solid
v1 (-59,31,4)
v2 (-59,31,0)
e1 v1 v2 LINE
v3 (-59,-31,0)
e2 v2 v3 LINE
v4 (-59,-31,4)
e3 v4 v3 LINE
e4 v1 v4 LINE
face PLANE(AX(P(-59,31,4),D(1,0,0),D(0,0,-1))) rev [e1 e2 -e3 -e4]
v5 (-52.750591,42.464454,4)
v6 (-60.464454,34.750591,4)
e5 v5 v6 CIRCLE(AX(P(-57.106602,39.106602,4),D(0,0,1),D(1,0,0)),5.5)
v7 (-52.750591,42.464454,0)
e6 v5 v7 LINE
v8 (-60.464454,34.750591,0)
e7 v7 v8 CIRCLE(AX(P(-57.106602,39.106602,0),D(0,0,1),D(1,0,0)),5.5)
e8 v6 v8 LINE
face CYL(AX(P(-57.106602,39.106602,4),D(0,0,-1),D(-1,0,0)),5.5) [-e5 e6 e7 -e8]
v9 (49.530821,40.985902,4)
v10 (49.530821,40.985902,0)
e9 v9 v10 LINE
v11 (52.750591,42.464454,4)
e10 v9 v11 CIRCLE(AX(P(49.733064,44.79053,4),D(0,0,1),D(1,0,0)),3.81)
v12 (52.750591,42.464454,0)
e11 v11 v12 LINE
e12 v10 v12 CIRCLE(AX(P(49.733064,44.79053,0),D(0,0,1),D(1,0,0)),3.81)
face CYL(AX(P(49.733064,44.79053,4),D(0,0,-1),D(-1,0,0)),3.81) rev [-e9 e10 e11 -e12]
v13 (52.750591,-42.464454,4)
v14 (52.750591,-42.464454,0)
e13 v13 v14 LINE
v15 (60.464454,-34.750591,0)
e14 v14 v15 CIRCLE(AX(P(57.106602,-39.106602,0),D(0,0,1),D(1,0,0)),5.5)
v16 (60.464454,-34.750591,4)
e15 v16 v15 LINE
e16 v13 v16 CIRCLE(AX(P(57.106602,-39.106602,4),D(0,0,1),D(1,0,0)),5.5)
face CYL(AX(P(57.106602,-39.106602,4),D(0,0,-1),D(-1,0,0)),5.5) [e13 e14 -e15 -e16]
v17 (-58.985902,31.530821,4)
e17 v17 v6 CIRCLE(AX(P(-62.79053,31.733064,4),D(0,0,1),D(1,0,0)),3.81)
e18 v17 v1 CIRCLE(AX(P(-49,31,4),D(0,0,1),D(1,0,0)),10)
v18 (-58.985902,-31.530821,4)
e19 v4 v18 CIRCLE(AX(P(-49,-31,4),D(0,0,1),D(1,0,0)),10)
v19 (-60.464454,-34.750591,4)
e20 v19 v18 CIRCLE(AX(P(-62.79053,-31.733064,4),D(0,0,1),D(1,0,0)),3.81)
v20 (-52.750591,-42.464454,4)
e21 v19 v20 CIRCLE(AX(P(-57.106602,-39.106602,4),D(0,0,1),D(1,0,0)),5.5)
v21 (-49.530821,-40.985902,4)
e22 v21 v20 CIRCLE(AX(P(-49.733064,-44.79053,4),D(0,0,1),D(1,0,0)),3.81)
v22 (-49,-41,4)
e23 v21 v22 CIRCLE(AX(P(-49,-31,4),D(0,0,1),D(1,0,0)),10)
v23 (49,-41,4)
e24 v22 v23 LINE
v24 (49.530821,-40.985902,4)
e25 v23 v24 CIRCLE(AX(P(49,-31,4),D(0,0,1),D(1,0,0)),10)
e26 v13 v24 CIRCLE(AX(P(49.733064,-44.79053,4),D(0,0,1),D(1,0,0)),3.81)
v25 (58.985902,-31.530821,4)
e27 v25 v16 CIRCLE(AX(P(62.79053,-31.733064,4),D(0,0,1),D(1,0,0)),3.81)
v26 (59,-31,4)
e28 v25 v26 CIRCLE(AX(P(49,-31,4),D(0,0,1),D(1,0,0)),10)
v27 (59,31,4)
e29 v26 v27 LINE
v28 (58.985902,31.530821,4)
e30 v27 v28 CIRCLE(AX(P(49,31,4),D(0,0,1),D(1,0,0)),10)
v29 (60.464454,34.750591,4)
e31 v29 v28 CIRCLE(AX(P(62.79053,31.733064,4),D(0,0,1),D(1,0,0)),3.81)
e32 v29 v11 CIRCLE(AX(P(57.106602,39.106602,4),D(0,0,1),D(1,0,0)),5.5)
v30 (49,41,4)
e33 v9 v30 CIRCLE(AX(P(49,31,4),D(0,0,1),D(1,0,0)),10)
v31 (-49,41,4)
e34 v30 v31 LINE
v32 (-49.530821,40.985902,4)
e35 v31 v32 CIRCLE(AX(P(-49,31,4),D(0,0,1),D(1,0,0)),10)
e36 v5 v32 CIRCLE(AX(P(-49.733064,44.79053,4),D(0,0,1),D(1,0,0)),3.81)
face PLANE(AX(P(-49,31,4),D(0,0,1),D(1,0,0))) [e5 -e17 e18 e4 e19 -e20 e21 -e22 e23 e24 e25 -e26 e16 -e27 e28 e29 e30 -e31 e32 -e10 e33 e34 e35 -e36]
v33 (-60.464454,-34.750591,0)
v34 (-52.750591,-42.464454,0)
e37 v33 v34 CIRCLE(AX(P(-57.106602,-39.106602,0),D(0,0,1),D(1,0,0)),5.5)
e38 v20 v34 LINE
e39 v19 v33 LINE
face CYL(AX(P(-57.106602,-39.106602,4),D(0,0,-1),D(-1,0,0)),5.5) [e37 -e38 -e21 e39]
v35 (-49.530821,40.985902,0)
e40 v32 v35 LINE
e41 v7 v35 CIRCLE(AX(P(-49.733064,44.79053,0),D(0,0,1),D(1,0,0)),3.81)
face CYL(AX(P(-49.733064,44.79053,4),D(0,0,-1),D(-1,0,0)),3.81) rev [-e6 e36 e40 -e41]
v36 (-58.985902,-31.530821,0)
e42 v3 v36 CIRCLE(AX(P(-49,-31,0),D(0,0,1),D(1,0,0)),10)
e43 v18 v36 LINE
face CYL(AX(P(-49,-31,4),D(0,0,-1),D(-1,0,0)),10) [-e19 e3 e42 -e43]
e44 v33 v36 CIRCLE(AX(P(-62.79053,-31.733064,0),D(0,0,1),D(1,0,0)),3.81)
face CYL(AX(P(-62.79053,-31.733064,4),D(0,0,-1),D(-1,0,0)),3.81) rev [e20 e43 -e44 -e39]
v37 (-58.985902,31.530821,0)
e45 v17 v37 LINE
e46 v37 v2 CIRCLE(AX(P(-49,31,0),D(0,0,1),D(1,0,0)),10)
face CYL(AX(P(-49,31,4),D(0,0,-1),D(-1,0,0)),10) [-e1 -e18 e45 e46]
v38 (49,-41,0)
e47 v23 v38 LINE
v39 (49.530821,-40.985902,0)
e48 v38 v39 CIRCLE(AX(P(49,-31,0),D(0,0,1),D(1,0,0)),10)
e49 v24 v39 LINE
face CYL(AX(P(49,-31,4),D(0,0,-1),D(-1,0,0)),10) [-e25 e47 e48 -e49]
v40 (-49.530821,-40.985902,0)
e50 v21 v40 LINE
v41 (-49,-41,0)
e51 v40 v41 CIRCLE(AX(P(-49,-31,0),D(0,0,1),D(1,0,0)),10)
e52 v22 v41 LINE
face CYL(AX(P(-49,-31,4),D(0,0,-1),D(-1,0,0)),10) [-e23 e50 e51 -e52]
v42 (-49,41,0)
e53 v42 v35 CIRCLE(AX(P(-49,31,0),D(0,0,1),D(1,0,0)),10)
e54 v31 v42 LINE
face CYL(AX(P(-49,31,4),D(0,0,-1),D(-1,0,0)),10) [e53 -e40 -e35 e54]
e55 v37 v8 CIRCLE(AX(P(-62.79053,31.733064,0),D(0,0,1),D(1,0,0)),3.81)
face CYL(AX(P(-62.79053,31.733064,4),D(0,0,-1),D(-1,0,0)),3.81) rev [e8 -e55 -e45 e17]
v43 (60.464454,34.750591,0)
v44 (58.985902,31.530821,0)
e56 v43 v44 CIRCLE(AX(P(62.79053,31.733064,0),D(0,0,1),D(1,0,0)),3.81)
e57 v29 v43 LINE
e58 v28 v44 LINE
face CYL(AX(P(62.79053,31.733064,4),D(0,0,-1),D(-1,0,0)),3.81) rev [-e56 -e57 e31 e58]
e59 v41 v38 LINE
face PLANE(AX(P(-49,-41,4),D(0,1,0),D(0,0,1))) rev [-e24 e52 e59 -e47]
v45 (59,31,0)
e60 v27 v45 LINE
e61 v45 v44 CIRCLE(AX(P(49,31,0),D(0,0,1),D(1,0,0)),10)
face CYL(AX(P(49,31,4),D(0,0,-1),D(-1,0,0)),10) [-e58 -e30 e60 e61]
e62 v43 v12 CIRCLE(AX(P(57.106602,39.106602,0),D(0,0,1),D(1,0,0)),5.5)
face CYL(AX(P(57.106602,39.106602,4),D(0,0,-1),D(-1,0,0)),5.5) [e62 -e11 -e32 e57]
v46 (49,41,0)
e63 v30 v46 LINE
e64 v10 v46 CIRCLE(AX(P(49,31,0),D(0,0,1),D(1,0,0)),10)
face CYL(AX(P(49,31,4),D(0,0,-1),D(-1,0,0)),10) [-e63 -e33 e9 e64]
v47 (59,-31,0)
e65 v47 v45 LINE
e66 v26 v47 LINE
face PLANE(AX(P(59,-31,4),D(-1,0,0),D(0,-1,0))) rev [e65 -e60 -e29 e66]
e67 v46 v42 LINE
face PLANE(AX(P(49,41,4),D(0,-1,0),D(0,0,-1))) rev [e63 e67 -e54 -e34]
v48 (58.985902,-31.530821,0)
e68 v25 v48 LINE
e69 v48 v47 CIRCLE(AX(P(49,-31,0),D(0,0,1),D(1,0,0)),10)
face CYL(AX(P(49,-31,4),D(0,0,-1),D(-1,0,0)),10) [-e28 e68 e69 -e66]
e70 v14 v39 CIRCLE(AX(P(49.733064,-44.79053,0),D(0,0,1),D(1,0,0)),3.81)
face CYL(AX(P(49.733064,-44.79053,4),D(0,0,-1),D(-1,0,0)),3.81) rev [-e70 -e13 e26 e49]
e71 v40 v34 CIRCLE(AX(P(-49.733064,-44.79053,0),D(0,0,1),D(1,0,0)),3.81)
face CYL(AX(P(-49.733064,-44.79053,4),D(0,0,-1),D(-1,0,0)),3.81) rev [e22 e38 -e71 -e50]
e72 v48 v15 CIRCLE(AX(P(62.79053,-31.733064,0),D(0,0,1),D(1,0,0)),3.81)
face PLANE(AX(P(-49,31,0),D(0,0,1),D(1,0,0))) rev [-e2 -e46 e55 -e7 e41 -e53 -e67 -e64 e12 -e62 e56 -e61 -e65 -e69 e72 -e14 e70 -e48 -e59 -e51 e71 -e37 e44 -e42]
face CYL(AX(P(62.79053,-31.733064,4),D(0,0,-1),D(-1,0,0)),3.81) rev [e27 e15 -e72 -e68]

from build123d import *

# Parameters (mm, degrees)
BOSS_EXTRUDE1_DEPTH = 4


with BuildPart() as part:
    # Sketch2 → Boss-Extrude1 (new body)
    with BuildSketch(Plane.XY):
        with BuildLine():
            Line((-59, 31), (-59, -31))
            ThreePointArc((-59, -31), (-58.996474756, -31.265504145), (-58.98590151, -31.530821096))
            ThreePointArc((-58.98590151, -31.530821096), (-59.328144398, -33.323028098), (-60.464454078, -34.750591212))
            ThreePointArc((-60.464454078, -34.750591212), (-60.995689014, -42.995689014), (-52.750591212, -42.464454078))
            ThreePointArc((-52.750591212, -42.464454078), (-51.323028098, -41.328144398), (-49.530821096, -40.98590151))
            ThreePointArc((-49.530821096, -40.98590151), (-49.265504145, -40.996474756), (-49, -41))
            Line((-49, -41), (49, -41))
            ThreePointArc((49, -41), (49.265504145, -40.996474756), (49.530821096, -40.98590151))
            ThreePointArc((49.530821096, -40.98590151), (51.323028098, -41.328144398), (52.750591212, -42.464454078))
            ThreePointArc((52.750591212, -42.464454078), (60.995689014, -42.995689014), (60.464454078, -34.750591212))
            ThreePointArc((60.464454078, -34.750591212), (59.328144398, -33.323028098), (58.98590151, -31.530821096))
            ThreePointArc((58.98590151, -31.530821096), (58.996474756, -31.265504145), (59, -31))
            Line((59, -31), (59, 31))
            ThreePointArc((59, 31), (58.996474756, 31.265504145), (58.98590151, 31.530821096))
            ThreePointArc((58.98590151, 31.530821096), (59.328144398, 33.323028098), (60.464454078, 34.750591212))
            ThreePointArc((60.464454078, 34.750591212), (60.995689014, 42.995689014), (52.750591212, 42.464454078))
            ThreePointArc((52.750591212, 42.464454078), (51.323028098, 41.328144398), (49.530821096, 40.98590151))
            ThreePointArc((49.530821096, 40.98590151), (49.265504145, 40.996474756), (49, 41))
            Line((49, 41), (-49, 41))
            ThreePointArc((-49, 41), (-49.265504145, 40.996474756), (-49.530821096, 40.98590151))
            ThreePointArc((-49.530821096, 40.98590151), (-51.323028098, 41.328144398), (-52.750591212, 42.464454078))
            ThreePointArc((-52.750591212, 42.464454078), (-60.995689014, 42.995689014), (-60.464454078, 34.750591212))
            ThreePointArc((-60.464454078, 34.750591212), (-59.328144398, 33.323028098), (-58.98590151, 31.530821096))
            ThreePointArc((-58.98590151, 31.530821096), (-58.996474756, 31.265504145), (-59, 31))
        make_face()
    extrude(amount=BOSS_EXTRUDE1_DEPTH)


solid = part.part
